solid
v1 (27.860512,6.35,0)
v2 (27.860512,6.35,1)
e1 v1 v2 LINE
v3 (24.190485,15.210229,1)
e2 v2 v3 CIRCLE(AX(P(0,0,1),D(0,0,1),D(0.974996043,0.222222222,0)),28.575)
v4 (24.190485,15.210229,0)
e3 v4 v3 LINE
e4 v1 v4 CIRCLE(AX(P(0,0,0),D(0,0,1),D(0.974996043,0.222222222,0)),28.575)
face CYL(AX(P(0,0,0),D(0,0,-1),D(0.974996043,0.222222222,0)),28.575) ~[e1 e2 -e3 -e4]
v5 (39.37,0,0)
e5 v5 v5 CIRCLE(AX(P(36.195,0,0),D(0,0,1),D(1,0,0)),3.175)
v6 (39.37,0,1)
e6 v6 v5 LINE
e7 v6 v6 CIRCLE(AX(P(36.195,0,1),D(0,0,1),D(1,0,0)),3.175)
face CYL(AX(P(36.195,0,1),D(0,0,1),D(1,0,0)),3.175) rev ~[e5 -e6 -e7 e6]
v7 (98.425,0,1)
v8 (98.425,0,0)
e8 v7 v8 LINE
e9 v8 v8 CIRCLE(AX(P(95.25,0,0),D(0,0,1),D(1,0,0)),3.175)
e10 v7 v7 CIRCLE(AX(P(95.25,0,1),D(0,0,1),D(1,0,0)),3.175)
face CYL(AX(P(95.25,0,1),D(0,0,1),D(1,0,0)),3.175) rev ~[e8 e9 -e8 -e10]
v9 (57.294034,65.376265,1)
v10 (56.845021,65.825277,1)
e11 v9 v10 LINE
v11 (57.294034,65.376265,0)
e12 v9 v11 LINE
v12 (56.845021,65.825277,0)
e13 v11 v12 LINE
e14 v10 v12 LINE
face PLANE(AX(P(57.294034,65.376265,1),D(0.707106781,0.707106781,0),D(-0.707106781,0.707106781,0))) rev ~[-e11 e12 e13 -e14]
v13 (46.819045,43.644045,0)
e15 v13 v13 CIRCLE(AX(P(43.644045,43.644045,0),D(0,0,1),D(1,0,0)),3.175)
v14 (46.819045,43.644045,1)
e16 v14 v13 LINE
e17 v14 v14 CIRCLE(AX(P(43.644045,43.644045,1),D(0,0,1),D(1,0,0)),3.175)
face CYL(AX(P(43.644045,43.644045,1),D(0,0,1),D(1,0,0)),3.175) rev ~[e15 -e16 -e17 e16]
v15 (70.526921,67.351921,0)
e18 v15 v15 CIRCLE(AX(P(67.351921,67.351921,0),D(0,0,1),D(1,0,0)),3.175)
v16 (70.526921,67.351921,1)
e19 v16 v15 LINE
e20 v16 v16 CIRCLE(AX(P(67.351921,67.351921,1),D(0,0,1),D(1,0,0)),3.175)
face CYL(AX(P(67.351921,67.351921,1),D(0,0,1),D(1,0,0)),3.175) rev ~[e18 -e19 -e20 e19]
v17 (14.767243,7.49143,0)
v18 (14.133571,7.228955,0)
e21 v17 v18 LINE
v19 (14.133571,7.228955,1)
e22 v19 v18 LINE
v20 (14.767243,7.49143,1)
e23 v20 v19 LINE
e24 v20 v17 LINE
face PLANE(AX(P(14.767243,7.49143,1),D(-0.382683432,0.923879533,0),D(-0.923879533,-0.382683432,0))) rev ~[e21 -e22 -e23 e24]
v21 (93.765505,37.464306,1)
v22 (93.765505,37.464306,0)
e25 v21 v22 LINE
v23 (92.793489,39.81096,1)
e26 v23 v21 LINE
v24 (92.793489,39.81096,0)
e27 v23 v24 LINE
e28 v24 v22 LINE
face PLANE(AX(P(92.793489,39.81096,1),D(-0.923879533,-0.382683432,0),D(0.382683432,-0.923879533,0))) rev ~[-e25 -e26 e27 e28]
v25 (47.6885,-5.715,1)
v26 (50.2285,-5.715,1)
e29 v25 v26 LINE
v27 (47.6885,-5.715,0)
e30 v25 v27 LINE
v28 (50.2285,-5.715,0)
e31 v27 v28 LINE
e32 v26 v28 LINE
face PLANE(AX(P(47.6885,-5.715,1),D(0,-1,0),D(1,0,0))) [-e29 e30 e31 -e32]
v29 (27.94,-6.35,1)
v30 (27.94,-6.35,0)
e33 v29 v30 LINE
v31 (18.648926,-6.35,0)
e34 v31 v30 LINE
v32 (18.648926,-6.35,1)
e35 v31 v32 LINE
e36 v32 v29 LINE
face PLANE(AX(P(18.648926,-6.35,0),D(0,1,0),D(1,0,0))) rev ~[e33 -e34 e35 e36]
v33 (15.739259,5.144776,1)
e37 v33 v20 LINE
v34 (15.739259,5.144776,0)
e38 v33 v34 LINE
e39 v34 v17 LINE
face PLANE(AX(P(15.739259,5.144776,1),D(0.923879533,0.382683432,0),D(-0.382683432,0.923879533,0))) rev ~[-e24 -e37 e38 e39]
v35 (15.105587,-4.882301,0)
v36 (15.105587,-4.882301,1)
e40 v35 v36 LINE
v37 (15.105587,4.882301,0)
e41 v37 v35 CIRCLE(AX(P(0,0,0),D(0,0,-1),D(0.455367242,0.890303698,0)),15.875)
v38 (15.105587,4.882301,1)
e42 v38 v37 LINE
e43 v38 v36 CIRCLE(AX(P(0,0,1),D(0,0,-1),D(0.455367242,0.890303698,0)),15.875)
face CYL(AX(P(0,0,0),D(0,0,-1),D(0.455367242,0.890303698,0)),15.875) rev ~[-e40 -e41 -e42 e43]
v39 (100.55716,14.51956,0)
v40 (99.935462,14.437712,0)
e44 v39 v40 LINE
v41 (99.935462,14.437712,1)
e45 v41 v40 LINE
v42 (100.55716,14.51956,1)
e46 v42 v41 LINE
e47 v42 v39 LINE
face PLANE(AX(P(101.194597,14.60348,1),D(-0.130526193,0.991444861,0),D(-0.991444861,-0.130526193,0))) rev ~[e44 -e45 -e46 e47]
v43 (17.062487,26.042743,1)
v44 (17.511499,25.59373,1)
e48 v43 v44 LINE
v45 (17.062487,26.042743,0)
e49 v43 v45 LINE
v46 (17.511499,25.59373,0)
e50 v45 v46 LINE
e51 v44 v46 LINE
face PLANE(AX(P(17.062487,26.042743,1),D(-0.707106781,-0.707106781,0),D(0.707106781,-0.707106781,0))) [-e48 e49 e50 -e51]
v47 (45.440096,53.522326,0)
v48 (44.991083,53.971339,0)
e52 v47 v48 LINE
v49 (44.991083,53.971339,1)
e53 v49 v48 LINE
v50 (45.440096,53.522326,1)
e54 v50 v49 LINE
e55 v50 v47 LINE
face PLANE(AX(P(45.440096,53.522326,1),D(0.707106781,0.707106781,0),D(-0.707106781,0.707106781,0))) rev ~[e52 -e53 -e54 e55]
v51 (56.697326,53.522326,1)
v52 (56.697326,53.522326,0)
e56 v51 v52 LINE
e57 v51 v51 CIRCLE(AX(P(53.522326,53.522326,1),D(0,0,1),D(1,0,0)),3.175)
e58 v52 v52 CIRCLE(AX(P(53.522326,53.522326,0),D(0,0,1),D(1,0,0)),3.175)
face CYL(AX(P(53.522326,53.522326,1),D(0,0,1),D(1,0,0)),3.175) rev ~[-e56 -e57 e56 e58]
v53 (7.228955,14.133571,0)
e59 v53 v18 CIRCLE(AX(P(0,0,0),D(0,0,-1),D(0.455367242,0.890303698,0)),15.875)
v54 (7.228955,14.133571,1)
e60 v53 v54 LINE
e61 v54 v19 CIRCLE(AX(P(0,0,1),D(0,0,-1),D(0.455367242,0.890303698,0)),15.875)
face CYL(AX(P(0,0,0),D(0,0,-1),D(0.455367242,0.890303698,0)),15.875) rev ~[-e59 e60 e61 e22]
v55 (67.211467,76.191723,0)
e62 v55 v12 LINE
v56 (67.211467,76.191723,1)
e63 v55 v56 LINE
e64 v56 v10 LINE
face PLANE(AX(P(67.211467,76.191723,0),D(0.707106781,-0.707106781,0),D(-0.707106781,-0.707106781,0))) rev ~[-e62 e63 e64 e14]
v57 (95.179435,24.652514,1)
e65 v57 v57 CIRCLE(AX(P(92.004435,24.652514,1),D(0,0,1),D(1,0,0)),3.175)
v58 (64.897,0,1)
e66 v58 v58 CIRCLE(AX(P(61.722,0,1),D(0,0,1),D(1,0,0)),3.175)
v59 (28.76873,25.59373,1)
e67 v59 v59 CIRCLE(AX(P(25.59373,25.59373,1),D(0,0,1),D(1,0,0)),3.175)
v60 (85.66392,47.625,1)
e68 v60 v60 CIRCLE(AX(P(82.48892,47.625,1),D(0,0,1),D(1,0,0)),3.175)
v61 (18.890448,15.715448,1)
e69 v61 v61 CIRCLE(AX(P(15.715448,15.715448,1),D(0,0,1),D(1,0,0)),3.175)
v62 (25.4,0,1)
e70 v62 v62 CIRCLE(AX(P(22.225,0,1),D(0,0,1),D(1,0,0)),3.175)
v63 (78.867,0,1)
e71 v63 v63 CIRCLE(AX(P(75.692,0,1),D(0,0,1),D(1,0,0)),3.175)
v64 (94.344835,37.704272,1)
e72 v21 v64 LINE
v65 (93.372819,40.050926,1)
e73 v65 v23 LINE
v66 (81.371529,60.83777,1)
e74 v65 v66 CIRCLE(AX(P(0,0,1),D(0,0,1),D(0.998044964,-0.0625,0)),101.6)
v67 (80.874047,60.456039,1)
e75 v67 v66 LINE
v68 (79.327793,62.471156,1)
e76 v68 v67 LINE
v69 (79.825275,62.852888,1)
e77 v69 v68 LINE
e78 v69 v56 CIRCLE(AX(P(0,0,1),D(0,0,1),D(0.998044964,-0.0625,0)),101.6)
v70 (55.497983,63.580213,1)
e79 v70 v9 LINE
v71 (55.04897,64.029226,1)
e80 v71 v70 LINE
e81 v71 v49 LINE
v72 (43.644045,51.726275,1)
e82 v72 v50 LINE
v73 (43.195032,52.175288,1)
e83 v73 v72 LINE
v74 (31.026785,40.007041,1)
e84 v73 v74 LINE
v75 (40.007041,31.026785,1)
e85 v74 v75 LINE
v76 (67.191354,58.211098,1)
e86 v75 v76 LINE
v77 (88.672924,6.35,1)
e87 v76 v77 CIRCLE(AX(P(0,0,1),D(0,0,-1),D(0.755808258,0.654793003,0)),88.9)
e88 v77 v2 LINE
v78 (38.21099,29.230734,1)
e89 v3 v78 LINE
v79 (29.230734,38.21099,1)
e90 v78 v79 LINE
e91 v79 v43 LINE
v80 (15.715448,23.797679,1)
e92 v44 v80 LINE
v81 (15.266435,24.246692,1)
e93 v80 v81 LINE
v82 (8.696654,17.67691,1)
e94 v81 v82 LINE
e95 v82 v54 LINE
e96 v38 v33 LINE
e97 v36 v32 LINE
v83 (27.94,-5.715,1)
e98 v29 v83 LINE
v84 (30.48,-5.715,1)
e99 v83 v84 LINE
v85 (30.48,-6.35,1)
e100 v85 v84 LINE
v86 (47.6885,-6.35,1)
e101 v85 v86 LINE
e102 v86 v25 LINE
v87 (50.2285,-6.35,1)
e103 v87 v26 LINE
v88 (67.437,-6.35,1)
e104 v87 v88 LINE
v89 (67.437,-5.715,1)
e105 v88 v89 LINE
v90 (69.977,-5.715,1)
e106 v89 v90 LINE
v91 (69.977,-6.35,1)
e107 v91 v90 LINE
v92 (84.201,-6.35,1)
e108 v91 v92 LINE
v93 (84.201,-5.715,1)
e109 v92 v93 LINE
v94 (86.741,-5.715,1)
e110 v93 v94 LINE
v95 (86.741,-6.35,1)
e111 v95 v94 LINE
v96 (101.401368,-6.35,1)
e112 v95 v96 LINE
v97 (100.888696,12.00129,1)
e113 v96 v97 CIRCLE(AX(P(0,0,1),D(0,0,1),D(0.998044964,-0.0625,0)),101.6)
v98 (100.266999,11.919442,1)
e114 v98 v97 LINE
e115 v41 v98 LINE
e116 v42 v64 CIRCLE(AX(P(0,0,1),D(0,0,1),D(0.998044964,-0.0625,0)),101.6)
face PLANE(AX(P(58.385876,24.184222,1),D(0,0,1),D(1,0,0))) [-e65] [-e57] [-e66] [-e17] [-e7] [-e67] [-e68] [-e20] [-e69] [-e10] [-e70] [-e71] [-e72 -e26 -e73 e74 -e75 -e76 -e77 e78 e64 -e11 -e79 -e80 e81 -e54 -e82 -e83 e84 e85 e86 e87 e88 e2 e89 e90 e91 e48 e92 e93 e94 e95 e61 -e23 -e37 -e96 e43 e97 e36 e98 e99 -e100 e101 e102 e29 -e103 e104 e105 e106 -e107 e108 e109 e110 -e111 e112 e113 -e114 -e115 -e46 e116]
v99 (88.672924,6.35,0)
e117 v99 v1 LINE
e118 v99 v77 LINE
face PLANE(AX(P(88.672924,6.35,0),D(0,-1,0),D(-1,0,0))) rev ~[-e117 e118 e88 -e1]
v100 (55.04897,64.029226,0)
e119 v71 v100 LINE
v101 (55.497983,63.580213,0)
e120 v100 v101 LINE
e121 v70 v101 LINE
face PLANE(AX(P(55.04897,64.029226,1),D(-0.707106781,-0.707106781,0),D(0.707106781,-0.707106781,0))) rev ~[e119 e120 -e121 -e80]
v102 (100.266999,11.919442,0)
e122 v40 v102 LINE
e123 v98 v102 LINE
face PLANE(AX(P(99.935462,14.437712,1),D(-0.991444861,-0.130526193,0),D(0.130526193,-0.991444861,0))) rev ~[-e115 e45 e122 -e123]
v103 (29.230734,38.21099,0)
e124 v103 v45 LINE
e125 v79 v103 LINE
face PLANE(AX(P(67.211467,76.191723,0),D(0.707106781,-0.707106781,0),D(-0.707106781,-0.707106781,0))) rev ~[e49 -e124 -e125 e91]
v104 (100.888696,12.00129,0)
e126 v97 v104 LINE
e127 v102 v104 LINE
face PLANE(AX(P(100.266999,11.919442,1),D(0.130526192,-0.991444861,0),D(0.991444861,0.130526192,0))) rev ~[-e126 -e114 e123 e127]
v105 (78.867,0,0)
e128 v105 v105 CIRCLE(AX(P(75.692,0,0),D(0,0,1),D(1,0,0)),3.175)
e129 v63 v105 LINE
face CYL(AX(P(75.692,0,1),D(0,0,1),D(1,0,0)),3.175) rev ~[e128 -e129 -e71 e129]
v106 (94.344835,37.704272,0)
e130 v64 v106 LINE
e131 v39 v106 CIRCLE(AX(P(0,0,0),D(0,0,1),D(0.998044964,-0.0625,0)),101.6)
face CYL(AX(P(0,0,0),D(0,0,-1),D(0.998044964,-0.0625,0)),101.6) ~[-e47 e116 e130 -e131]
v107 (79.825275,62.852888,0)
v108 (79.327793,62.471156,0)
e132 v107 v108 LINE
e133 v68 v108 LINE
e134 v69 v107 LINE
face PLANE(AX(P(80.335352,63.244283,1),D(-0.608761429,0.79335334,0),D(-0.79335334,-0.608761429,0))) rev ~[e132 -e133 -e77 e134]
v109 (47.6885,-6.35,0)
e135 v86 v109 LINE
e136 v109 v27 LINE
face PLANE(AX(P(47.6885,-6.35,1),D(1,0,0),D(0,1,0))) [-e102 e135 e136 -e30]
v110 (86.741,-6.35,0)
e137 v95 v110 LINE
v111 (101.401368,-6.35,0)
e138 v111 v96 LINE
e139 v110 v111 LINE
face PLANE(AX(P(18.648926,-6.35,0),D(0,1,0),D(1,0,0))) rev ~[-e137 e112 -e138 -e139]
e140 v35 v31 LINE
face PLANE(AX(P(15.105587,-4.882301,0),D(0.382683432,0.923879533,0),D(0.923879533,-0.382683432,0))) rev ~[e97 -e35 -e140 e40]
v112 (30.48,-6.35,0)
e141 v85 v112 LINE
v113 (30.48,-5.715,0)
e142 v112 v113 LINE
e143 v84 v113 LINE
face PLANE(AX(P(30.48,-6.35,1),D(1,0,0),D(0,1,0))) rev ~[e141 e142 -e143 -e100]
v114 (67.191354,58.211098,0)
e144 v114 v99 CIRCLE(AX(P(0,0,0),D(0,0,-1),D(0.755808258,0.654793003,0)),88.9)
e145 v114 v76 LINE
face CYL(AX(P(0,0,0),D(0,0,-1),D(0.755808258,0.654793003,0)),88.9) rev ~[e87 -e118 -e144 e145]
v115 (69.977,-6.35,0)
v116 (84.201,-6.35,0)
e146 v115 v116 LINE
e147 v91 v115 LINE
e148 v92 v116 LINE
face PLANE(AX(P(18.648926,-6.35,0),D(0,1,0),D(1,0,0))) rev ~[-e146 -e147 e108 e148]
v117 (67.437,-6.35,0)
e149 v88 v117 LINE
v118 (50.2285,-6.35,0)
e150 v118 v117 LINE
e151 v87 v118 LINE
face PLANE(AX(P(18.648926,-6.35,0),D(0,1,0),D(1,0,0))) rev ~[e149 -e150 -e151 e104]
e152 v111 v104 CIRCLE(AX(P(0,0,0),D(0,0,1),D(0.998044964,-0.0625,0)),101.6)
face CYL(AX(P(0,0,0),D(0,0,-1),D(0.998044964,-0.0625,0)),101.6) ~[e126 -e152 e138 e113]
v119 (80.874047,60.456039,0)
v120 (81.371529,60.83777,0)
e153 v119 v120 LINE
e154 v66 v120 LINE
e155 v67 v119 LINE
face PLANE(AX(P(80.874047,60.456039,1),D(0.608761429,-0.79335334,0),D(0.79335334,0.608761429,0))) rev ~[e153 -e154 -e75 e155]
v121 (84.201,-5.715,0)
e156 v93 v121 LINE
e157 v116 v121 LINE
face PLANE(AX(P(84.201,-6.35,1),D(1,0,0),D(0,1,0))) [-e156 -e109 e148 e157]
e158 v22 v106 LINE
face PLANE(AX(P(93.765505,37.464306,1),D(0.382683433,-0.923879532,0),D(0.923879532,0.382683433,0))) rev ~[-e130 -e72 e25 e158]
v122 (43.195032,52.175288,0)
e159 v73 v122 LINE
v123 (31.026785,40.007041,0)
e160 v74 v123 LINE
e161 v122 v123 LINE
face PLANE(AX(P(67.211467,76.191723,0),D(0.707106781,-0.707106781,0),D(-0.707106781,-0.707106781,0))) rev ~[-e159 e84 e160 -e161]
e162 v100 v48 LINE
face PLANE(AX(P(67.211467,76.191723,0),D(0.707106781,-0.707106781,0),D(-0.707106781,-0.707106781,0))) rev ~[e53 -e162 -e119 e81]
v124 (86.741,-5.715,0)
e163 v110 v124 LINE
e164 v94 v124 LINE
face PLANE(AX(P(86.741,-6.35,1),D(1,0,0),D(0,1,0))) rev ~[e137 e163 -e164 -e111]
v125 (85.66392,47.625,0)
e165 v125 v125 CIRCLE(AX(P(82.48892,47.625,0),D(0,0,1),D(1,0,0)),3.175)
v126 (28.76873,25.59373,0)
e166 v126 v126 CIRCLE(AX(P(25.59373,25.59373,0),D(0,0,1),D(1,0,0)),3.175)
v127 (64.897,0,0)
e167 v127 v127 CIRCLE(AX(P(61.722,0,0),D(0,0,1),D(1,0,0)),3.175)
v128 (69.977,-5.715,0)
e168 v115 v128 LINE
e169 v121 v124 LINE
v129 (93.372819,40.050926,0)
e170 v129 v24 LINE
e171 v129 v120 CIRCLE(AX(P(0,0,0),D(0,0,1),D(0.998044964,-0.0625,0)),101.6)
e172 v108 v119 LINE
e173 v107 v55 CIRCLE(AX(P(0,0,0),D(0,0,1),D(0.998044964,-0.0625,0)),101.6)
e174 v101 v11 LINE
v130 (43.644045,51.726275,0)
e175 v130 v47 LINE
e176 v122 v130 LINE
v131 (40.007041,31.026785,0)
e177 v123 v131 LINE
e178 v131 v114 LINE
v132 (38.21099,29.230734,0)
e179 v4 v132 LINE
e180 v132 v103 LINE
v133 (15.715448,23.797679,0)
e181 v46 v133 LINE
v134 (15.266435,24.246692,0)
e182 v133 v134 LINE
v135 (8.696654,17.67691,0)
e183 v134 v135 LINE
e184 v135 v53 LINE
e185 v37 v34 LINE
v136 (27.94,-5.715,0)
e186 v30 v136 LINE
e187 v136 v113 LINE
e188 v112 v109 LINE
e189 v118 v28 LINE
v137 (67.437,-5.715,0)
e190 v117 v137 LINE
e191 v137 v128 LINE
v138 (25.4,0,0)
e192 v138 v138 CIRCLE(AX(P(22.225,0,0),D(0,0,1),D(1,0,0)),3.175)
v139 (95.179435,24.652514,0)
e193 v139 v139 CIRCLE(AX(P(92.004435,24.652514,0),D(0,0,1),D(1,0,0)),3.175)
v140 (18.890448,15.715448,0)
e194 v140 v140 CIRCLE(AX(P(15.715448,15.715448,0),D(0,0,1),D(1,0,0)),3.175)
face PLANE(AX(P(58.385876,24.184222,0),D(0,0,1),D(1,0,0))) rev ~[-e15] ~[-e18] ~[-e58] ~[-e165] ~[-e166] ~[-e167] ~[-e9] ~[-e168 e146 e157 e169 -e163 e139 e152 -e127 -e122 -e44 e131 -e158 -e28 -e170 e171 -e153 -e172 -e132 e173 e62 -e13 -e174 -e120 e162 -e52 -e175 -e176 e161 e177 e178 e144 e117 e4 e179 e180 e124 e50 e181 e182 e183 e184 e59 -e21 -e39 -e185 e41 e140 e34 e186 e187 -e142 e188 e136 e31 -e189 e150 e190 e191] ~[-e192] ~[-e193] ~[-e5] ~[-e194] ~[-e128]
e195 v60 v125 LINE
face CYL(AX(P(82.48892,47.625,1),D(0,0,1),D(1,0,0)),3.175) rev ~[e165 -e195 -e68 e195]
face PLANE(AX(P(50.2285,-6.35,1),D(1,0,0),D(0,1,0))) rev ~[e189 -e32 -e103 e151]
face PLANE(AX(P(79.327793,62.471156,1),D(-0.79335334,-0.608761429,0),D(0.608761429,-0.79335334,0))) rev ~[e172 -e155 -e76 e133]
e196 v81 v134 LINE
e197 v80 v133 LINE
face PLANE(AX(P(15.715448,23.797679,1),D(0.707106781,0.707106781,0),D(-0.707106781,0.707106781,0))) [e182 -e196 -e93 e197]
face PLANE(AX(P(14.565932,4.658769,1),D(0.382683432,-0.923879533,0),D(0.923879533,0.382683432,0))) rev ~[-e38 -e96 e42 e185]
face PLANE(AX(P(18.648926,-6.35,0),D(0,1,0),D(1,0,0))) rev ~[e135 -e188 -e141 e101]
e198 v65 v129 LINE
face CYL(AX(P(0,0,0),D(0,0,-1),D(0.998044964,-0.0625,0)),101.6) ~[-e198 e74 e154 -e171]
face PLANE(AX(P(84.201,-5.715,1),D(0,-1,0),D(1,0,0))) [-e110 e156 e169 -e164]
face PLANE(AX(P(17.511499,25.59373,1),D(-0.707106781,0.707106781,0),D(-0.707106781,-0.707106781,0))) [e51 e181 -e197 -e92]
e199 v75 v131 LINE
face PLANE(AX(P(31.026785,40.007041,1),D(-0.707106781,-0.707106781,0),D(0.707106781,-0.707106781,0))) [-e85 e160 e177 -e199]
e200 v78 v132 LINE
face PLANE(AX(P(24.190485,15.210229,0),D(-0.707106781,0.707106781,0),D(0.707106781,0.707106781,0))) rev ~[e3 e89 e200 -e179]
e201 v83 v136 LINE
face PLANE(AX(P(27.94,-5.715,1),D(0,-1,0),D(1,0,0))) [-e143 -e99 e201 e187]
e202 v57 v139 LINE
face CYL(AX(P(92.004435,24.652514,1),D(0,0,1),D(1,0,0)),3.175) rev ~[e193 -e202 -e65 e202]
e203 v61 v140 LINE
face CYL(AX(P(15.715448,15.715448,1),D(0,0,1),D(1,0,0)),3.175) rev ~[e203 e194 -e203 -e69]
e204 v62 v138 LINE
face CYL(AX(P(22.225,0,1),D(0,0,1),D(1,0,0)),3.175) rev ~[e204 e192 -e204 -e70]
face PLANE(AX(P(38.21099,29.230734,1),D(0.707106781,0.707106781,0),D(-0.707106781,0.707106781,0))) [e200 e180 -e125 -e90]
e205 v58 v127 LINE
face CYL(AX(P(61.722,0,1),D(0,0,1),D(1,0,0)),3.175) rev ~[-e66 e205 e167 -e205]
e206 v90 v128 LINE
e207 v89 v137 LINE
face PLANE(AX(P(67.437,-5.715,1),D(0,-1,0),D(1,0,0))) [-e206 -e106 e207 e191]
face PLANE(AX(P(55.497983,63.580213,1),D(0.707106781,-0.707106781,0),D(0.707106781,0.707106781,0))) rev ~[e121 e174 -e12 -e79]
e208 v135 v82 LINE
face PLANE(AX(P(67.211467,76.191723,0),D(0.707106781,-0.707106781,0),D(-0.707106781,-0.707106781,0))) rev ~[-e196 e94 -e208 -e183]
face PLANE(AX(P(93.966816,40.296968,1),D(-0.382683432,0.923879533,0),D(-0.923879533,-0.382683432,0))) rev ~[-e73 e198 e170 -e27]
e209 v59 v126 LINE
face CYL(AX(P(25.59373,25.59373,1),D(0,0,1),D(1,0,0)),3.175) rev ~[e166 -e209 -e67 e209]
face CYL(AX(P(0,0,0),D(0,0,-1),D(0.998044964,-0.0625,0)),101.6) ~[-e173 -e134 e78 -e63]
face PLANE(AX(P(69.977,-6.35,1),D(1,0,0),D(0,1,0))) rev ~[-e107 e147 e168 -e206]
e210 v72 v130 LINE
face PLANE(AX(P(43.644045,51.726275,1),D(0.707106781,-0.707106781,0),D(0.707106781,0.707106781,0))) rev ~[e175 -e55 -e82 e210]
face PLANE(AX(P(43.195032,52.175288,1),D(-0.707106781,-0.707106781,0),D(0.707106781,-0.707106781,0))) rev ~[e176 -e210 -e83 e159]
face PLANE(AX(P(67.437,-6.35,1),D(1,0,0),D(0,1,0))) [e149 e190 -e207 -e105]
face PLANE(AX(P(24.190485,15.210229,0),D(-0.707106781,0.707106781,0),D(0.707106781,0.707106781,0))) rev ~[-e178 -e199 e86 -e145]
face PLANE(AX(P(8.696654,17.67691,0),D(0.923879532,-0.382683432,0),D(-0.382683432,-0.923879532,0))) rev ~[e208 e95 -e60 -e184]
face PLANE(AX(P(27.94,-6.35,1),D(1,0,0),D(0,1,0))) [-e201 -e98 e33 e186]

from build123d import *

# Parameters (mm, degrees)
BOSS_EXTRUDE1_DEPTH = 1
SKETCH2_R           = 3.175
CUT_EXTRUDE1_DEPTH  = 2
SKETCH3_W           = 2.54
SKETCH3_H           = 0.635
CUT_EXTRUDE2_DEPTH  = 2


with BuildPart() as part:
    # Sketch1 → Boss-Extrude1 (new body)
    with BuildSketch(Plane.XY):
        with BuildLine():
            Line((67.21146711, 76.191723231), (8.696654013, 17.676910134))
            Line((8.696654013, 17.676910134), (7.228954972, 14.133571205))
            ThreePointArc((7.228954972, 14.133571205), (14.666587579, 6.075099489), (15.105587123, -4.88230096))
            Line((15.105587123, -4.88230096), (18.648926052, -6.35))
            Line((18.648926052, -6.35), (101.401368334, -6.35))
            ThreePointArc((101.401368334, -6.35), (93.866160503, 38.880636728), (67.21146711, 76.191723231))
        make_face()
        with BuildLine():
            Line((88.672924278, 6.35), (27.86051193, 6.35))
            ThreePointArc((27.86051193, 6.35), (26.399857642, 10.93517908), (24.190484974, 15.210228852))
            Line((24.190484974, 15.210228852), (67.191354125, 58.211098004))
            ThreePointArc((67.191354125, 58.211098004), (82.13289044, 34.020557137), (88.672924278, 6.35))
        make_face(mode=Mode.SUBTRACT)
    extrude(amount=BOSS_EXTRUDE1_DEPTH)

    # Sketch2 → Cut-Extrude1 (cut, through all)
    with BuildSketch(Plane.XY.offset(1)):
        with Locations((22.225, 0)):
            Circle(SKETCH2_R)
        with Locations((36.195, 0)):
            Circle(SKETCH2_R)
        with Locations((61.722, 0)):
            Circle(SKETCH2_R)
        with Locations((75.692, 0)):
            Circle(SKETCH2_R)
        with Locations((95.25, 0)):
            Circle(SKETCH2_R)
        with Locations((15.715448212, 15.715448212)):
            Circle(SKETCH2_R)
        with Locations((25.593729945, 25.593729945)):
            Circle(SKETCH2_R)
        with Locations((43.644044748, 43.644044748)):
            Circle(SKETCH2_R)
        with Locations((53.522326482, 53.522326482)):
            Circle(SKETCH2_R)
        with Locations((92.004434954, 24.652514046)):
            Circle(SKETCH2_R)
        with Locations((82.48891971, 47.625)):
            Circle(SKETCH2_R)
        with Locations((67.351920908, 67.351920908)):
            Circle(SKETCH2_R)
    extrude(amount=-CUT_EXTRUDE1_DEPTH, mode=Mode.SUBTRACT)

    # Sketch3 → Cut-Extrude2 (cut, through all)
    with BuildSketch(Plane.XY.offset(1)):
        Polygon((15.266435406, 24.246691527), (17.06248663, 26.042742751), (17.511499436, 25.593729945), (15.715448212, 23.797678721), align=None)
        Polygon((44.991083167, 53.971339288), (43.195031942, 52.175288063), (43.644044748, 51.726275257), (45.440095973, 53.522326482), align=None)
        with Locations((29.21, -6.0325)):
            Rectangle(SKETCH3_W, SKETCH3_H)
        with Locations((68.707, -6.0325)):
            Rectangle(SKETCH3_W, SKETCH3_H)
        Polygon((29.230733674, 38.210989795), (31.026784898, 40.007041019), (40.007041019, 31.026784898), (38.210989795, 29.230733674), align=None)
        Polygon((56.845021246, 65.825277367), (55.048970022, 64.029226143), (55.497982828, 63.580213337), (57.294034052, 65.376264561), align=None)
        with Locations((48.9585, -6.0325)):
            Rectangle(SKETCH3_W, SKETCH3_H)
        with Locations((85.471, -6.0325)):
            Rectangle(SKETCH3_W, SKETCH3_H)
        Polygon((99.935462164, 14.437711971), (100.266998693, 11.919442024), (101.526133667, 12.085210288), (101.194597138, 14.603480236), align=None)
        Polygon((93.765504959, 37.464305742), (94.938831965, 37.950313702), (93.966816047, 40.296967714), (92.793489041, 39.810959755), align=None)
        Polygon((79.327792988, 62.471156422), (80.874047017, 60.456038938), (81.88160576, 61.229165953), (80.33535173, 63.244283437), align=None)
        Polygon((13.593916116, 7.005422516), (14.565932035, 4.658768503), (15.739259041, 5.144776462), (14.767243123, 7.491430475), align=None)
    extrude(amount=-CUT_EXTRUDE2_DEPTH, mode=Mode.SUBTRACT)


solid = part.part
